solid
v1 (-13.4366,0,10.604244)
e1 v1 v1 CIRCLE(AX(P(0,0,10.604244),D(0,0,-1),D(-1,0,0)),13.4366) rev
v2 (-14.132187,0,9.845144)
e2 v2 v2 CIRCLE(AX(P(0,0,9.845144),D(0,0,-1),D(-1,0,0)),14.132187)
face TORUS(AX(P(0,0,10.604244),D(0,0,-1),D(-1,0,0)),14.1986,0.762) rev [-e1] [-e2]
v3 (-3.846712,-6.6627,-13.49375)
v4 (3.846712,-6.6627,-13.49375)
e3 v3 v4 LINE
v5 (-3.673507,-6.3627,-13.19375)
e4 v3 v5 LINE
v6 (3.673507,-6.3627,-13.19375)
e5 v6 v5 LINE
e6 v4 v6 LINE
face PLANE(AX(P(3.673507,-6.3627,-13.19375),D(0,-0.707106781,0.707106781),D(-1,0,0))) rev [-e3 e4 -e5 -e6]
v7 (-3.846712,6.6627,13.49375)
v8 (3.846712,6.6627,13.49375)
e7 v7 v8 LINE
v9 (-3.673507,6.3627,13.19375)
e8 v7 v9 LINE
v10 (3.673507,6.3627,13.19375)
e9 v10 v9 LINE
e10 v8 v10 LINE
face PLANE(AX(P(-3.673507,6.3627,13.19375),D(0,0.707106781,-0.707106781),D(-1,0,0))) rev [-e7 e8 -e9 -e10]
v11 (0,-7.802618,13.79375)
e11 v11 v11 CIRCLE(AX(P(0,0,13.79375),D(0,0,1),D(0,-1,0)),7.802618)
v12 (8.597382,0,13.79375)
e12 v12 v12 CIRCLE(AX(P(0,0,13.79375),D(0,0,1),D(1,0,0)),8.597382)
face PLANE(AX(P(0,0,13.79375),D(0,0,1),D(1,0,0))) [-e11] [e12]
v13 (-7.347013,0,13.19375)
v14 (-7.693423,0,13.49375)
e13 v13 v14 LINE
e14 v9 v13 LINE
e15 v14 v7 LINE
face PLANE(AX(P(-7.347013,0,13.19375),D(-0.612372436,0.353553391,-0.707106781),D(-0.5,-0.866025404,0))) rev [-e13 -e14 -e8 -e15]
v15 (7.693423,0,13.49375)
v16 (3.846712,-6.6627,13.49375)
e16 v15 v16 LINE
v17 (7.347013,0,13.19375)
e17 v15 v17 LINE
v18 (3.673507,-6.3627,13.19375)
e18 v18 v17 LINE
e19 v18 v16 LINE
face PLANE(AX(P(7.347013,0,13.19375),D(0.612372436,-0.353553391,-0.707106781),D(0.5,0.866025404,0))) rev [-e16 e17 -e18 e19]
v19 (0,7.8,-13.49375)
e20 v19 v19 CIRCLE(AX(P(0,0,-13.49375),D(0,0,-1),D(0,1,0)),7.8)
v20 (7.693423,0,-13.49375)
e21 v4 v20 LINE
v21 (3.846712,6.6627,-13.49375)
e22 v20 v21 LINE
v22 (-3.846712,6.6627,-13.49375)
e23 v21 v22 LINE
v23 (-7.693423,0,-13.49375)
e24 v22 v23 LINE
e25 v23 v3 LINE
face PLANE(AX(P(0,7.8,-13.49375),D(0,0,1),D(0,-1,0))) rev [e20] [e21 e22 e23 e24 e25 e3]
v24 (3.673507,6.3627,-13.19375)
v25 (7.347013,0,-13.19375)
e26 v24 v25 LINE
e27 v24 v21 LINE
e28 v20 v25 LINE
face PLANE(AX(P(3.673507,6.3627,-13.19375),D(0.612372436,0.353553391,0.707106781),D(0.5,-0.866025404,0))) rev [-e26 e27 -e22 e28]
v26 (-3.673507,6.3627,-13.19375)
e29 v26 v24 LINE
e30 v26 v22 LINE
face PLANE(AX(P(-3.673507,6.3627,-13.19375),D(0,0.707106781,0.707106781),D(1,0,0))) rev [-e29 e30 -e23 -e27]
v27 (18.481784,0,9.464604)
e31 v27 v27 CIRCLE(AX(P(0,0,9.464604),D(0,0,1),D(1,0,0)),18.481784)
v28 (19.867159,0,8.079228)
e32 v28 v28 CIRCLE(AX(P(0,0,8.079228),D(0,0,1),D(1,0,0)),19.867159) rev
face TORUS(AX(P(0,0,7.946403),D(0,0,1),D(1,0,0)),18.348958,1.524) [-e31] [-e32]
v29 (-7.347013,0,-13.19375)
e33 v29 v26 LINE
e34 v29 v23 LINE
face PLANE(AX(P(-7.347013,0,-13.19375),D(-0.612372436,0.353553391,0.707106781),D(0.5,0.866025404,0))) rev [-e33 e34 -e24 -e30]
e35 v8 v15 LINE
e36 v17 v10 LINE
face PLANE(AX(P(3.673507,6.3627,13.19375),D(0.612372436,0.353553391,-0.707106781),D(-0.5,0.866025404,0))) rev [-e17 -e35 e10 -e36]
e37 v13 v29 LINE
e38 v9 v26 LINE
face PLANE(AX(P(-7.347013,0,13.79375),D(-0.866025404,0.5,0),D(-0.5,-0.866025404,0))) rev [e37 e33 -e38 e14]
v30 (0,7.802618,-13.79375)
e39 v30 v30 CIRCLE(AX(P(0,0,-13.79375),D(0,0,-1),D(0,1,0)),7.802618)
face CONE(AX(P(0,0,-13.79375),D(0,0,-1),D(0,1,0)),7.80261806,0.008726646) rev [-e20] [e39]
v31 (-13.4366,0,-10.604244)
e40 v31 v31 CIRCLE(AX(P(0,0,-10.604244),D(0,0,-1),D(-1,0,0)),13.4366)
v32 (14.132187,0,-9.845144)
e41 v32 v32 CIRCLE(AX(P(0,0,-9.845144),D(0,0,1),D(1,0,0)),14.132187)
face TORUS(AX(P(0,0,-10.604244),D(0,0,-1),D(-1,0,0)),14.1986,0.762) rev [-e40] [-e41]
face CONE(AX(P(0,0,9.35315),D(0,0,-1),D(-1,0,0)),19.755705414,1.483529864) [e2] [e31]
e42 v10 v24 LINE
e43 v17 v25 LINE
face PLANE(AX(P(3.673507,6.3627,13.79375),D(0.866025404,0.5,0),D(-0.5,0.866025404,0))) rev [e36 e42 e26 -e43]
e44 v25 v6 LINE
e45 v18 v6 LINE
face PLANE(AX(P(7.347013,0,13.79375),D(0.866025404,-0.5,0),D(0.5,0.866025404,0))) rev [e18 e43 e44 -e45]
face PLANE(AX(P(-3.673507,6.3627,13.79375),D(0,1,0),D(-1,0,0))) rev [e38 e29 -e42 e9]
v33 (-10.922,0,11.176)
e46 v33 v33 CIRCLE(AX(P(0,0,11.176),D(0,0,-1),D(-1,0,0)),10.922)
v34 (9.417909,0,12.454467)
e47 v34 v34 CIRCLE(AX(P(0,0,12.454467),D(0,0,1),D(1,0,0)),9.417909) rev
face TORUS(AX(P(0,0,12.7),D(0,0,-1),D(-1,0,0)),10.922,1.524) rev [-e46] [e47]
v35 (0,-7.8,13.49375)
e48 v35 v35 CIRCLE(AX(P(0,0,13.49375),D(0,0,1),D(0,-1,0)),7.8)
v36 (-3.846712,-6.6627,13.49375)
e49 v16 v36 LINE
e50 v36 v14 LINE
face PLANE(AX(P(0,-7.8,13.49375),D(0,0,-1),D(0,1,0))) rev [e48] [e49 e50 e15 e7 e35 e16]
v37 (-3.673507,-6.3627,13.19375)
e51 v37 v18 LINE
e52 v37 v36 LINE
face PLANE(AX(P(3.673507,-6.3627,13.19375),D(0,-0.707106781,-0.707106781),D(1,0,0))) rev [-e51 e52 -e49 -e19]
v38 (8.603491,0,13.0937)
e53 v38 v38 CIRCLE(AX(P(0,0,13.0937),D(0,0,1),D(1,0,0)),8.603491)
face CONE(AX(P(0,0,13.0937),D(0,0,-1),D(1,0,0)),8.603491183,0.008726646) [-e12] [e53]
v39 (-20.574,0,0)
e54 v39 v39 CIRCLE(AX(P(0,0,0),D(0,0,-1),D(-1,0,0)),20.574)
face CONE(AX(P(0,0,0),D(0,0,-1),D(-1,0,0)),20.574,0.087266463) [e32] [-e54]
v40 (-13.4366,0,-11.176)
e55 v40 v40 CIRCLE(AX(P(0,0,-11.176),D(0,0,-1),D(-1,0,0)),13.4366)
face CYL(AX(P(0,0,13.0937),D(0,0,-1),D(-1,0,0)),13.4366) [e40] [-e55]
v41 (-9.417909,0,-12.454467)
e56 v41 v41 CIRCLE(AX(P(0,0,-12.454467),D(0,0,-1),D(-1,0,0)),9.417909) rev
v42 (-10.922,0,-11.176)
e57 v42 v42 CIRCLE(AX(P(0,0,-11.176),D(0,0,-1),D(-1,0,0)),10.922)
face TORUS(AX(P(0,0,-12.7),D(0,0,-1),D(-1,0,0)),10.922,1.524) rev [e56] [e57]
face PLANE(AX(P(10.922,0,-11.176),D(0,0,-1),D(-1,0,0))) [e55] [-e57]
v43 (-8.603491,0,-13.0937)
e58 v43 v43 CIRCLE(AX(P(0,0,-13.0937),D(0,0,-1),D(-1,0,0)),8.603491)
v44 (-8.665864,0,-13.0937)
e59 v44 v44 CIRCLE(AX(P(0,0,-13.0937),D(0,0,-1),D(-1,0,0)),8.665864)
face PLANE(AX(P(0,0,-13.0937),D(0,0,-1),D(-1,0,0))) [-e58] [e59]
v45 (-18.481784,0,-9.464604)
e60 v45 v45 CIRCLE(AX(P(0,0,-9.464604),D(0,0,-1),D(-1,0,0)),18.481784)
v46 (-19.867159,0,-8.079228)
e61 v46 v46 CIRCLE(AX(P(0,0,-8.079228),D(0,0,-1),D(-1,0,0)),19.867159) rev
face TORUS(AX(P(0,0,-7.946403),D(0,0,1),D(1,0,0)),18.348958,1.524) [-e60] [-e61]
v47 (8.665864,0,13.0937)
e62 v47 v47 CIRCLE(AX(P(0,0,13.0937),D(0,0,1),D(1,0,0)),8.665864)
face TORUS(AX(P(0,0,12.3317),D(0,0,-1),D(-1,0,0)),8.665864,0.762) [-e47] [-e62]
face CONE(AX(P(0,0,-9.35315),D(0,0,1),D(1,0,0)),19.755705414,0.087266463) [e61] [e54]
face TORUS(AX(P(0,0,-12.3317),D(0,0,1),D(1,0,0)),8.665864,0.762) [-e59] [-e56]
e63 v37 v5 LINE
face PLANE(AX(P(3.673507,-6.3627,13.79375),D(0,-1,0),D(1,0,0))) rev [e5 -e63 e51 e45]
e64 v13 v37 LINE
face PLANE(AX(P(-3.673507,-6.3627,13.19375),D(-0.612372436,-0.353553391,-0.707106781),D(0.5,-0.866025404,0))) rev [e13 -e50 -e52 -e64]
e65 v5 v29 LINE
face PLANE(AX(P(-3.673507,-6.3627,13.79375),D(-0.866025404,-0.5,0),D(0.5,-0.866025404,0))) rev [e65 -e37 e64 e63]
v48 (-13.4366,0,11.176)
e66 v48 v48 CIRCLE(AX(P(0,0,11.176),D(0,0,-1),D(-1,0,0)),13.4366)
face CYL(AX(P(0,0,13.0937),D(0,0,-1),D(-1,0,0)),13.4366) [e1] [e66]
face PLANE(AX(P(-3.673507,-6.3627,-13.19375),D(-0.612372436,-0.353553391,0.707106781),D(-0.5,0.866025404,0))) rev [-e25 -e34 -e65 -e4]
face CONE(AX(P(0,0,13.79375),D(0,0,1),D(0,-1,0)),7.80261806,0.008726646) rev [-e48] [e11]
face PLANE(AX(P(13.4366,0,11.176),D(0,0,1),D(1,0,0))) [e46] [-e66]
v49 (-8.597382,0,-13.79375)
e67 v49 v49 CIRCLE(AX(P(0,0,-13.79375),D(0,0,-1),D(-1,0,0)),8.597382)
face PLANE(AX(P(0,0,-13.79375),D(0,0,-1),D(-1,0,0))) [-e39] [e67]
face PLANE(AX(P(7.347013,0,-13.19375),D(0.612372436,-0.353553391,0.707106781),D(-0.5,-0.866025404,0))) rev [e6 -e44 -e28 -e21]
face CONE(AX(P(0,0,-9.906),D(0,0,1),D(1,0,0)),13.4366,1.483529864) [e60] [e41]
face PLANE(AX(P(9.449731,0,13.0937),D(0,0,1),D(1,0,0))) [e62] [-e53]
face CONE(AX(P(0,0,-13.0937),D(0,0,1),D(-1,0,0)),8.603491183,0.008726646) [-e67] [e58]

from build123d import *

# Parameters (mm, degrees)
SKETCH2_R           = 8.603491183
BOSS_EXTRUDE1_DEPTH = 0.70005
BOSS_EXTRUDE1_TAPER = 0.5
SKETCH3_R           = 8.603491183
BOSS_EXTRUDE2_DEPTH = 0.70005
BOSS_EXTRUDE2_TAPER = 0.5
CUT_EXTRUDE1_DEPTH  = 28.5875
CHAMFER1_SIZE       = 0.3
FILLET1_R           = 0.762
FILLET2_R           = 1.524


with BuildPart() as part:
    # Sketch1 → Revolve1 (revolve)
    with BuildSketch(Plane.XZ):
        with BuildLine():
            Line((9.449730898, 13.0937), (0, 13.0937))
            Line((0, 13.0937), (0, -13.0937))
            Line((0, -13.0937), (9.449730898, -13.0937))
            ThreePointArc((9.449730898, -13.0937), (9.71316279, -11.771943644), (10.922, -11.176))
            Line((10.922, -11.176), (13.4366, -11.176))
            Line((13.4366, -11.176), (13.4366, -9.906))
            Line((13.4366, -9.906), (19.755705414, -9.353149913))
            Line((19.755705414, -9.353149913), (20.574, 0))
            Line((20.574, 0), (19.755705414, 9.353149913))
            Line((19.755705414, 9.353149913), (13.4366, 9.906))
            Line((13.4366, 9.906), (13.4366, 11.176))
            Line((13.4366, 11.176), (10.922, 11.176))
            ThreePointArc((10.922, 11.176), (9.71316279, 11.771943644), (9.449730898, 13.0937))
        make_face()
    revolve(axis=Axis((0, 0, 13.0937), (0, 0, -1)))

    # Sketch2 → Boss-Extrude1 (add)
    with BuildSketch(Plane.XY.offset(13.0937)):
        Circle(SKETCH2_R)
    extrude(amount=BOSS_EXTRUDE1_DEPTH, taper=BOSS_EXTRUDE1_TAPER)

    # Sketch3 → Boss-Extrude2 (add)
    with BuildSketch(Plane(origin=(0, 0, -13.0937), x_dir=(-1, 0, 0), z_dir=(0, 0, -1))):
        Circle(SKETCH3_R)
    extrude(amount=BOSS_EXTRUDE2_DEPTH, taper=BOSS_EXTRUDE2_TAPER)

    # Sketch4 → Cut-Extrude1 (cut, through all)
    with BuildSketch(Plane(origin=(0, 0, -13.79375), x_dir=(-1, 0, 0), z_dir=(0, 0, -1))):
        Polygon((7.347013116, 0), (3.673506558, 6.3627), (-3.673506558, 6.3627), (-7.347013116, 0), (-3.673506558, -6.3627), (3.673506558, -6.3627), align=None)
    extrude(amount=-CUT_EXTRUDE1_DEPTH, mode=Mode.SUBTRACT)

    # Sketch5 → Cut-Revolve1 (revolve, cut)
    with BuildSketch(Plane(origin=(0, 0, 0), x_dir=(0, 0, -1), z_dir=(1, 0, 0))):
        Polygon((13.79375, 0), (13.79375, 7.80261806), (13.49375, 7.8), (13.49375, 0), align=None)
    revolve(axis=Axis((0, 0, -13.49375), (0, 0, -1)), mode=Mode.SUBTRACT)

    # Sketch6 → Cut-Revolve2 (revolve, cut)
    with BuildSketch(Plane(origin=(0, 0, 0), x_dir=(0, 0, -1), z_dir=(1, 0, 0))):
        Polygon((-13.79375, 0), (-13.79375, -7.80261806), (-13.49375, -7.8), (-13.49375, 0), align=None)
    revolve(axis=Axis((0, 0, 13.49375), (0, 0, 1)), mode=Mode.SUBTRACT)

    # Chamfer1
    chamfer1_edges = [part.edges().sort_by_distance(p)[0] for p in [
        (-5.510259837, 3.18135, -13.49375),
        (0, -6.3627, -13.49375),
        (-5.510259837, -3.18135, -13.49375),
        (0, 6.3627, -13.49375),
        (5.510259837, 3.18135, -13.49375),
        (5.510259837, -3.18135, -13.49375),
        (-5.510259837, 3.18135, 13.49375),
        (-5.510259837, -3.18135, 13.49375),
        (0, -6.3627, 13.49375),
        (5.510259837, -3.18135, 13.49375),
        (5.510259837, 3.18135, 13.49375),
        (0, 6.3627, 13.49375),
    ]]
    chamfer(chamfer1_edges, length=CHAMFER1_SIZE)

    # Fillet1
    fillet1_edges = [part.edges().sort_by_distance(p)[0] for p in [
        (-9.449730898, 0, -13.0937),
        (-13.4366, 0, -9.906),
        (-13.4366, 0, 9.906),
        (-9.449730898, 0, 13.0937),
    ]]
    fillet(fillet1_edges, radius=FILLET1_R)

    # Fillet2
    fillet2_edges = [part.edges().sort_by_distance(p)[0] for p in [
        (-19.755705414, 0, -9.353149913),
        (-19.755705414, 0, 9.353149913),
    ]]
    fillet(fillet2_edges, radius=FILLET2_R)


solid = part.part
